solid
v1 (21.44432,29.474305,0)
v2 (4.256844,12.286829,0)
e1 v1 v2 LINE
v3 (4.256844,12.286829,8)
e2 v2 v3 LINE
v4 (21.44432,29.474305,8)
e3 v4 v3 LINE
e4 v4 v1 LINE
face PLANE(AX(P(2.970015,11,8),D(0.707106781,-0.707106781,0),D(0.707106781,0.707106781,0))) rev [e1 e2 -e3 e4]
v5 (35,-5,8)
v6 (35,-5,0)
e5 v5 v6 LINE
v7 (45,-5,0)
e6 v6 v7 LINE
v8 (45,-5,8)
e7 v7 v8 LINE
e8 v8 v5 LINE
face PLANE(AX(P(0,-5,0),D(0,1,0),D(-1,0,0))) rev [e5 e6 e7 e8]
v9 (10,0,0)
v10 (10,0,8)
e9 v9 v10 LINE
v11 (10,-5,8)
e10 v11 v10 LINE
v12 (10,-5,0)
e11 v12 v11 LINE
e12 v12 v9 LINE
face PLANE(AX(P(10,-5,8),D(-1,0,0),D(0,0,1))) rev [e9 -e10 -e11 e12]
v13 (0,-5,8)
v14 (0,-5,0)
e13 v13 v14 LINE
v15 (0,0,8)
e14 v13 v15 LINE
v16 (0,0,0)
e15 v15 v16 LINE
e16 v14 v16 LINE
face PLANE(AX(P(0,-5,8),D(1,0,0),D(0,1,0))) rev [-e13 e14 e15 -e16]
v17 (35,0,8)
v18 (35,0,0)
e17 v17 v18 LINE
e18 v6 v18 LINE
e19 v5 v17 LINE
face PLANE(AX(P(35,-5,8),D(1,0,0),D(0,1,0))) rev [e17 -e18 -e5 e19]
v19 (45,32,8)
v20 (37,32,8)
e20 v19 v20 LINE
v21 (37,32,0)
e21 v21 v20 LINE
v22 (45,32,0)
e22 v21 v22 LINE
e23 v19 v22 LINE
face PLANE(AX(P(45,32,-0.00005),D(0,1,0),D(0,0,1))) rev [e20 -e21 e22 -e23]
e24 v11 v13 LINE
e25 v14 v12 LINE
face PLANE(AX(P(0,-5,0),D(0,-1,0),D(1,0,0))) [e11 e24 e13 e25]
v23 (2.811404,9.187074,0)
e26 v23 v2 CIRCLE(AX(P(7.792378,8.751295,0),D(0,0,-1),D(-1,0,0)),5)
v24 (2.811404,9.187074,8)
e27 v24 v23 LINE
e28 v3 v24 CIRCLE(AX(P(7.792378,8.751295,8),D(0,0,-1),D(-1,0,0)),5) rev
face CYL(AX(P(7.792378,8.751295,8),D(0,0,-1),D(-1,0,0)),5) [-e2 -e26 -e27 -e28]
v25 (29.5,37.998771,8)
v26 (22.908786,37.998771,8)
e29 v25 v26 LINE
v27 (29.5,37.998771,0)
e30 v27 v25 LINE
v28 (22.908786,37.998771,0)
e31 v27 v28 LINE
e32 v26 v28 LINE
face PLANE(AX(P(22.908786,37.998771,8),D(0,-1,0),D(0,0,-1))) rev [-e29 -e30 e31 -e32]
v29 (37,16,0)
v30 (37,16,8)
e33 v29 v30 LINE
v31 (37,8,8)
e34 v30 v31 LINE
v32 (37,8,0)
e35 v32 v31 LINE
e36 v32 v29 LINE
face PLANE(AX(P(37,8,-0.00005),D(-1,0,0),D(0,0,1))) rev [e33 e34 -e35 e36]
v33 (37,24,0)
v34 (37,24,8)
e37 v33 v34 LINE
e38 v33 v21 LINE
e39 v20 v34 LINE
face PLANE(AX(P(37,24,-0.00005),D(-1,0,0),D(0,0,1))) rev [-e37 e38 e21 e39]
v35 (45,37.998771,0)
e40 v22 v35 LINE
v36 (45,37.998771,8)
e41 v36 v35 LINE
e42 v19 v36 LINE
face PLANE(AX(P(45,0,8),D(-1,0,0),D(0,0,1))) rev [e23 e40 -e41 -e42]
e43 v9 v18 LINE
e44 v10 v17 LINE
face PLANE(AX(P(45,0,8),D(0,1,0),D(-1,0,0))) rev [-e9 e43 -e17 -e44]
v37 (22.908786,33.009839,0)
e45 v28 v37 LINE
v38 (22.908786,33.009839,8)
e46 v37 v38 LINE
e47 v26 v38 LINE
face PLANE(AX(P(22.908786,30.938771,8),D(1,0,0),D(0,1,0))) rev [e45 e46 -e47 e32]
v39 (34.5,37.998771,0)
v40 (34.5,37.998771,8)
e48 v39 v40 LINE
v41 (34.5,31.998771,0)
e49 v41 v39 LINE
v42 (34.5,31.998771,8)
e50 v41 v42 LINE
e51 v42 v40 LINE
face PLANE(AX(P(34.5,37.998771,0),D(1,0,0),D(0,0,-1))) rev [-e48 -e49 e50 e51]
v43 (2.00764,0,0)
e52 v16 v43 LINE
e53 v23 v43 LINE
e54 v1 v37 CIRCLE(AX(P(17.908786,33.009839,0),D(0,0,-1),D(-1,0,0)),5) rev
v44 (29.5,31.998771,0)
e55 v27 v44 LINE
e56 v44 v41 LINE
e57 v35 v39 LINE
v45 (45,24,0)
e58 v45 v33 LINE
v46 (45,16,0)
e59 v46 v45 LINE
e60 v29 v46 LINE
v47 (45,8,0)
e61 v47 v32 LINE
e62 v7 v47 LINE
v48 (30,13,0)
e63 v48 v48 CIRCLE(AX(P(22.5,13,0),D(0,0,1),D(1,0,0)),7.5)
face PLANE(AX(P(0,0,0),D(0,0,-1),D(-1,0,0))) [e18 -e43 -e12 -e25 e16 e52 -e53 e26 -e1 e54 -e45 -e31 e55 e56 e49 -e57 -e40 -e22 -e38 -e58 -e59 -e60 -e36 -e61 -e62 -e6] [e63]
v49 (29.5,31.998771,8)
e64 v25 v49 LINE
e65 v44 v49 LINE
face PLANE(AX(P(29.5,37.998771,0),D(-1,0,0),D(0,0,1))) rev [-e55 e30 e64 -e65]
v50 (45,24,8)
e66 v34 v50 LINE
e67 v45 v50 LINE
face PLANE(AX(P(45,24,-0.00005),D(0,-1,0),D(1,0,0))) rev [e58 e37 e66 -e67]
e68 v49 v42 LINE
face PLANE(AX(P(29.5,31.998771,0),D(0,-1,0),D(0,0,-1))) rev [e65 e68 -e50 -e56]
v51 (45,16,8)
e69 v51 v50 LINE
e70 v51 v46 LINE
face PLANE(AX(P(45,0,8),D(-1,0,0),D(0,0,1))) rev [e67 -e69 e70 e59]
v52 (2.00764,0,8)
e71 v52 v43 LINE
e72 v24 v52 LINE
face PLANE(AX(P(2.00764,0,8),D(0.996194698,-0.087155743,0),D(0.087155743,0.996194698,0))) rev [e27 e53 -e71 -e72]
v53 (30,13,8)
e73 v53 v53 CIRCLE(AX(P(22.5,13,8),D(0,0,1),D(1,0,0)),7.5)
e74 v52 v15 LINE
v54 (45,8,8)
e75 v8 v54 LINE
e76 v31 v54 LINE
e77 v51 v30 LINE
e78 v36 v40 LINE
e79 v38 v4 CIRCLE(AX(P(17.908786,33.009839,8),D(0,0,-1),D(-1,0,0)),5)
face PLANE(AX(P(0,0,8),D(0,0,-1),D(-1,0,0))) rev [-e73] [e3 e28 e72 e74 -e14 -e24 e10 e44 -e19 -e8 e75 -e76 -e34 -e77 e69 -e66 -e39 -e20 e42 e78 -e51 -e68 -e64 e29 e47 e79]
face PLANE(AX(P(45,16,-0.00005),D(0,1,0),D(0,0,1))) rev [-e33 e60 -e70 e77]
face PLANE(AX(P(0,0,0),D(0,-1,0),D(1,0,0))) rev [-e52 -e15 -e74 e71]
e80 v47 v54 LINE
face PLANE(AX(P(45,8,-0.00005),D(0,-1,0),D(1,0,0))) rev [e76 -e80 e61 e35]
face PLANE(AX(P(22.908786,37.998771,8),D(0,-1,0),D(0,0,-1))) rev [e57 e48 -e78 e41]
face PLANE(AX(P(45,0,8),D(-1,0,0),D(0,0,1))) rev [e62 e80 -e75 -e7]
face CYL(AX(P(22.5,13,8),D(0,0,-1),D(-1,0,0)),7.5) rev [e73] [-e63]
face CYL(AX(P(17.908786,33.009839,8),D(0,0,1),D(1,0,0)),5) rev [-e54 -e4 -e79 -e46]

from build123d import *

# Parameters (mm, degrees)
SKETCH_1_R          = 7.5
EXTRUDE_1_DEPTH     = 8
FILLET_1_R          = 5
SKETCH_2_W          = 5
SKETCH_2_H          = 6
CUT_EXTRUDE_1_DEPTH = 8
SKETCH_3_W          = 10
SKETCH_3_H          = 8
EXTRUDE_2_DEPTH     = 5
SKETCH_4_W          = 8
SKETCH_4_H          = 8
CUT_EXTRUDE_2_DEPTH = 60.438258903


with BuildPart() as part:
    # 草图1 → 凸台-拉伸1 (new body)
    with BuildSketch(Plane.XY):
        Polygon((2.970014974, 11), (22.908786289, 30.938771315), (22.908786289, 37.998771315), (45, 37.998771315), (45, 0), (2.007639675, 0), align=None)
        with Locations((22.5, 13)):
            Circle(SKETCH_1_R, mode=Mode.SUBTRACT)
    extrude(amount=EXTRUDE_1_DEPTH)

    # 圆角1
    fillet_1_edges = [part.edges().sort_by_distance(p)[0] for p in [
        (2.970014974, 11, 4),
        (22.908786289, 30.938771315, 4),
    ]]
    fillet(fillet_1_edges, radius=FILLET_1_R)

    # 草图2 → 切除-拉伸1 (cut)
    with BuildSketch(Plane.XY.offset(8)):
        with Locations((32, 34.998771315)):
            Rectangle(SKETCH_2_W, SKETCH_2_H)
    extrude(amount=-CUT_EXTRUDE_1_DEPTH, mode=Mode.SUBTRACT)

    # 草图3 → 凸台-拉伸2 (add)
    with BuildSketch(Plane.XZ):
        with Locations((40, 4)):
            Rectangle(SKETCH_3_W, SKETCH_3_H)
        with Locations((5, 4)):
            Rectangle(SKETCH_3_W, SKETCH_3_H)
    extrude(amount=EXTRUDE_2_DEPTH)

    # 草图4 → 切除-拉伸2 (cut, through all)
    with BuildSketch(Plane.XY.offset(8)):
        with Locations((41, 12)):
            Rectangle(SKETCH_4_W, SKETCH_4_H)
        with Locations((41, 28)):
            Rectangle(SKETCH_4_W, SKETCH_4_H)
    extrude(amount=-CUT_EXTRUDE_2_DEPTH, mode=Mode.SUBTRACT)


solid = part.part
